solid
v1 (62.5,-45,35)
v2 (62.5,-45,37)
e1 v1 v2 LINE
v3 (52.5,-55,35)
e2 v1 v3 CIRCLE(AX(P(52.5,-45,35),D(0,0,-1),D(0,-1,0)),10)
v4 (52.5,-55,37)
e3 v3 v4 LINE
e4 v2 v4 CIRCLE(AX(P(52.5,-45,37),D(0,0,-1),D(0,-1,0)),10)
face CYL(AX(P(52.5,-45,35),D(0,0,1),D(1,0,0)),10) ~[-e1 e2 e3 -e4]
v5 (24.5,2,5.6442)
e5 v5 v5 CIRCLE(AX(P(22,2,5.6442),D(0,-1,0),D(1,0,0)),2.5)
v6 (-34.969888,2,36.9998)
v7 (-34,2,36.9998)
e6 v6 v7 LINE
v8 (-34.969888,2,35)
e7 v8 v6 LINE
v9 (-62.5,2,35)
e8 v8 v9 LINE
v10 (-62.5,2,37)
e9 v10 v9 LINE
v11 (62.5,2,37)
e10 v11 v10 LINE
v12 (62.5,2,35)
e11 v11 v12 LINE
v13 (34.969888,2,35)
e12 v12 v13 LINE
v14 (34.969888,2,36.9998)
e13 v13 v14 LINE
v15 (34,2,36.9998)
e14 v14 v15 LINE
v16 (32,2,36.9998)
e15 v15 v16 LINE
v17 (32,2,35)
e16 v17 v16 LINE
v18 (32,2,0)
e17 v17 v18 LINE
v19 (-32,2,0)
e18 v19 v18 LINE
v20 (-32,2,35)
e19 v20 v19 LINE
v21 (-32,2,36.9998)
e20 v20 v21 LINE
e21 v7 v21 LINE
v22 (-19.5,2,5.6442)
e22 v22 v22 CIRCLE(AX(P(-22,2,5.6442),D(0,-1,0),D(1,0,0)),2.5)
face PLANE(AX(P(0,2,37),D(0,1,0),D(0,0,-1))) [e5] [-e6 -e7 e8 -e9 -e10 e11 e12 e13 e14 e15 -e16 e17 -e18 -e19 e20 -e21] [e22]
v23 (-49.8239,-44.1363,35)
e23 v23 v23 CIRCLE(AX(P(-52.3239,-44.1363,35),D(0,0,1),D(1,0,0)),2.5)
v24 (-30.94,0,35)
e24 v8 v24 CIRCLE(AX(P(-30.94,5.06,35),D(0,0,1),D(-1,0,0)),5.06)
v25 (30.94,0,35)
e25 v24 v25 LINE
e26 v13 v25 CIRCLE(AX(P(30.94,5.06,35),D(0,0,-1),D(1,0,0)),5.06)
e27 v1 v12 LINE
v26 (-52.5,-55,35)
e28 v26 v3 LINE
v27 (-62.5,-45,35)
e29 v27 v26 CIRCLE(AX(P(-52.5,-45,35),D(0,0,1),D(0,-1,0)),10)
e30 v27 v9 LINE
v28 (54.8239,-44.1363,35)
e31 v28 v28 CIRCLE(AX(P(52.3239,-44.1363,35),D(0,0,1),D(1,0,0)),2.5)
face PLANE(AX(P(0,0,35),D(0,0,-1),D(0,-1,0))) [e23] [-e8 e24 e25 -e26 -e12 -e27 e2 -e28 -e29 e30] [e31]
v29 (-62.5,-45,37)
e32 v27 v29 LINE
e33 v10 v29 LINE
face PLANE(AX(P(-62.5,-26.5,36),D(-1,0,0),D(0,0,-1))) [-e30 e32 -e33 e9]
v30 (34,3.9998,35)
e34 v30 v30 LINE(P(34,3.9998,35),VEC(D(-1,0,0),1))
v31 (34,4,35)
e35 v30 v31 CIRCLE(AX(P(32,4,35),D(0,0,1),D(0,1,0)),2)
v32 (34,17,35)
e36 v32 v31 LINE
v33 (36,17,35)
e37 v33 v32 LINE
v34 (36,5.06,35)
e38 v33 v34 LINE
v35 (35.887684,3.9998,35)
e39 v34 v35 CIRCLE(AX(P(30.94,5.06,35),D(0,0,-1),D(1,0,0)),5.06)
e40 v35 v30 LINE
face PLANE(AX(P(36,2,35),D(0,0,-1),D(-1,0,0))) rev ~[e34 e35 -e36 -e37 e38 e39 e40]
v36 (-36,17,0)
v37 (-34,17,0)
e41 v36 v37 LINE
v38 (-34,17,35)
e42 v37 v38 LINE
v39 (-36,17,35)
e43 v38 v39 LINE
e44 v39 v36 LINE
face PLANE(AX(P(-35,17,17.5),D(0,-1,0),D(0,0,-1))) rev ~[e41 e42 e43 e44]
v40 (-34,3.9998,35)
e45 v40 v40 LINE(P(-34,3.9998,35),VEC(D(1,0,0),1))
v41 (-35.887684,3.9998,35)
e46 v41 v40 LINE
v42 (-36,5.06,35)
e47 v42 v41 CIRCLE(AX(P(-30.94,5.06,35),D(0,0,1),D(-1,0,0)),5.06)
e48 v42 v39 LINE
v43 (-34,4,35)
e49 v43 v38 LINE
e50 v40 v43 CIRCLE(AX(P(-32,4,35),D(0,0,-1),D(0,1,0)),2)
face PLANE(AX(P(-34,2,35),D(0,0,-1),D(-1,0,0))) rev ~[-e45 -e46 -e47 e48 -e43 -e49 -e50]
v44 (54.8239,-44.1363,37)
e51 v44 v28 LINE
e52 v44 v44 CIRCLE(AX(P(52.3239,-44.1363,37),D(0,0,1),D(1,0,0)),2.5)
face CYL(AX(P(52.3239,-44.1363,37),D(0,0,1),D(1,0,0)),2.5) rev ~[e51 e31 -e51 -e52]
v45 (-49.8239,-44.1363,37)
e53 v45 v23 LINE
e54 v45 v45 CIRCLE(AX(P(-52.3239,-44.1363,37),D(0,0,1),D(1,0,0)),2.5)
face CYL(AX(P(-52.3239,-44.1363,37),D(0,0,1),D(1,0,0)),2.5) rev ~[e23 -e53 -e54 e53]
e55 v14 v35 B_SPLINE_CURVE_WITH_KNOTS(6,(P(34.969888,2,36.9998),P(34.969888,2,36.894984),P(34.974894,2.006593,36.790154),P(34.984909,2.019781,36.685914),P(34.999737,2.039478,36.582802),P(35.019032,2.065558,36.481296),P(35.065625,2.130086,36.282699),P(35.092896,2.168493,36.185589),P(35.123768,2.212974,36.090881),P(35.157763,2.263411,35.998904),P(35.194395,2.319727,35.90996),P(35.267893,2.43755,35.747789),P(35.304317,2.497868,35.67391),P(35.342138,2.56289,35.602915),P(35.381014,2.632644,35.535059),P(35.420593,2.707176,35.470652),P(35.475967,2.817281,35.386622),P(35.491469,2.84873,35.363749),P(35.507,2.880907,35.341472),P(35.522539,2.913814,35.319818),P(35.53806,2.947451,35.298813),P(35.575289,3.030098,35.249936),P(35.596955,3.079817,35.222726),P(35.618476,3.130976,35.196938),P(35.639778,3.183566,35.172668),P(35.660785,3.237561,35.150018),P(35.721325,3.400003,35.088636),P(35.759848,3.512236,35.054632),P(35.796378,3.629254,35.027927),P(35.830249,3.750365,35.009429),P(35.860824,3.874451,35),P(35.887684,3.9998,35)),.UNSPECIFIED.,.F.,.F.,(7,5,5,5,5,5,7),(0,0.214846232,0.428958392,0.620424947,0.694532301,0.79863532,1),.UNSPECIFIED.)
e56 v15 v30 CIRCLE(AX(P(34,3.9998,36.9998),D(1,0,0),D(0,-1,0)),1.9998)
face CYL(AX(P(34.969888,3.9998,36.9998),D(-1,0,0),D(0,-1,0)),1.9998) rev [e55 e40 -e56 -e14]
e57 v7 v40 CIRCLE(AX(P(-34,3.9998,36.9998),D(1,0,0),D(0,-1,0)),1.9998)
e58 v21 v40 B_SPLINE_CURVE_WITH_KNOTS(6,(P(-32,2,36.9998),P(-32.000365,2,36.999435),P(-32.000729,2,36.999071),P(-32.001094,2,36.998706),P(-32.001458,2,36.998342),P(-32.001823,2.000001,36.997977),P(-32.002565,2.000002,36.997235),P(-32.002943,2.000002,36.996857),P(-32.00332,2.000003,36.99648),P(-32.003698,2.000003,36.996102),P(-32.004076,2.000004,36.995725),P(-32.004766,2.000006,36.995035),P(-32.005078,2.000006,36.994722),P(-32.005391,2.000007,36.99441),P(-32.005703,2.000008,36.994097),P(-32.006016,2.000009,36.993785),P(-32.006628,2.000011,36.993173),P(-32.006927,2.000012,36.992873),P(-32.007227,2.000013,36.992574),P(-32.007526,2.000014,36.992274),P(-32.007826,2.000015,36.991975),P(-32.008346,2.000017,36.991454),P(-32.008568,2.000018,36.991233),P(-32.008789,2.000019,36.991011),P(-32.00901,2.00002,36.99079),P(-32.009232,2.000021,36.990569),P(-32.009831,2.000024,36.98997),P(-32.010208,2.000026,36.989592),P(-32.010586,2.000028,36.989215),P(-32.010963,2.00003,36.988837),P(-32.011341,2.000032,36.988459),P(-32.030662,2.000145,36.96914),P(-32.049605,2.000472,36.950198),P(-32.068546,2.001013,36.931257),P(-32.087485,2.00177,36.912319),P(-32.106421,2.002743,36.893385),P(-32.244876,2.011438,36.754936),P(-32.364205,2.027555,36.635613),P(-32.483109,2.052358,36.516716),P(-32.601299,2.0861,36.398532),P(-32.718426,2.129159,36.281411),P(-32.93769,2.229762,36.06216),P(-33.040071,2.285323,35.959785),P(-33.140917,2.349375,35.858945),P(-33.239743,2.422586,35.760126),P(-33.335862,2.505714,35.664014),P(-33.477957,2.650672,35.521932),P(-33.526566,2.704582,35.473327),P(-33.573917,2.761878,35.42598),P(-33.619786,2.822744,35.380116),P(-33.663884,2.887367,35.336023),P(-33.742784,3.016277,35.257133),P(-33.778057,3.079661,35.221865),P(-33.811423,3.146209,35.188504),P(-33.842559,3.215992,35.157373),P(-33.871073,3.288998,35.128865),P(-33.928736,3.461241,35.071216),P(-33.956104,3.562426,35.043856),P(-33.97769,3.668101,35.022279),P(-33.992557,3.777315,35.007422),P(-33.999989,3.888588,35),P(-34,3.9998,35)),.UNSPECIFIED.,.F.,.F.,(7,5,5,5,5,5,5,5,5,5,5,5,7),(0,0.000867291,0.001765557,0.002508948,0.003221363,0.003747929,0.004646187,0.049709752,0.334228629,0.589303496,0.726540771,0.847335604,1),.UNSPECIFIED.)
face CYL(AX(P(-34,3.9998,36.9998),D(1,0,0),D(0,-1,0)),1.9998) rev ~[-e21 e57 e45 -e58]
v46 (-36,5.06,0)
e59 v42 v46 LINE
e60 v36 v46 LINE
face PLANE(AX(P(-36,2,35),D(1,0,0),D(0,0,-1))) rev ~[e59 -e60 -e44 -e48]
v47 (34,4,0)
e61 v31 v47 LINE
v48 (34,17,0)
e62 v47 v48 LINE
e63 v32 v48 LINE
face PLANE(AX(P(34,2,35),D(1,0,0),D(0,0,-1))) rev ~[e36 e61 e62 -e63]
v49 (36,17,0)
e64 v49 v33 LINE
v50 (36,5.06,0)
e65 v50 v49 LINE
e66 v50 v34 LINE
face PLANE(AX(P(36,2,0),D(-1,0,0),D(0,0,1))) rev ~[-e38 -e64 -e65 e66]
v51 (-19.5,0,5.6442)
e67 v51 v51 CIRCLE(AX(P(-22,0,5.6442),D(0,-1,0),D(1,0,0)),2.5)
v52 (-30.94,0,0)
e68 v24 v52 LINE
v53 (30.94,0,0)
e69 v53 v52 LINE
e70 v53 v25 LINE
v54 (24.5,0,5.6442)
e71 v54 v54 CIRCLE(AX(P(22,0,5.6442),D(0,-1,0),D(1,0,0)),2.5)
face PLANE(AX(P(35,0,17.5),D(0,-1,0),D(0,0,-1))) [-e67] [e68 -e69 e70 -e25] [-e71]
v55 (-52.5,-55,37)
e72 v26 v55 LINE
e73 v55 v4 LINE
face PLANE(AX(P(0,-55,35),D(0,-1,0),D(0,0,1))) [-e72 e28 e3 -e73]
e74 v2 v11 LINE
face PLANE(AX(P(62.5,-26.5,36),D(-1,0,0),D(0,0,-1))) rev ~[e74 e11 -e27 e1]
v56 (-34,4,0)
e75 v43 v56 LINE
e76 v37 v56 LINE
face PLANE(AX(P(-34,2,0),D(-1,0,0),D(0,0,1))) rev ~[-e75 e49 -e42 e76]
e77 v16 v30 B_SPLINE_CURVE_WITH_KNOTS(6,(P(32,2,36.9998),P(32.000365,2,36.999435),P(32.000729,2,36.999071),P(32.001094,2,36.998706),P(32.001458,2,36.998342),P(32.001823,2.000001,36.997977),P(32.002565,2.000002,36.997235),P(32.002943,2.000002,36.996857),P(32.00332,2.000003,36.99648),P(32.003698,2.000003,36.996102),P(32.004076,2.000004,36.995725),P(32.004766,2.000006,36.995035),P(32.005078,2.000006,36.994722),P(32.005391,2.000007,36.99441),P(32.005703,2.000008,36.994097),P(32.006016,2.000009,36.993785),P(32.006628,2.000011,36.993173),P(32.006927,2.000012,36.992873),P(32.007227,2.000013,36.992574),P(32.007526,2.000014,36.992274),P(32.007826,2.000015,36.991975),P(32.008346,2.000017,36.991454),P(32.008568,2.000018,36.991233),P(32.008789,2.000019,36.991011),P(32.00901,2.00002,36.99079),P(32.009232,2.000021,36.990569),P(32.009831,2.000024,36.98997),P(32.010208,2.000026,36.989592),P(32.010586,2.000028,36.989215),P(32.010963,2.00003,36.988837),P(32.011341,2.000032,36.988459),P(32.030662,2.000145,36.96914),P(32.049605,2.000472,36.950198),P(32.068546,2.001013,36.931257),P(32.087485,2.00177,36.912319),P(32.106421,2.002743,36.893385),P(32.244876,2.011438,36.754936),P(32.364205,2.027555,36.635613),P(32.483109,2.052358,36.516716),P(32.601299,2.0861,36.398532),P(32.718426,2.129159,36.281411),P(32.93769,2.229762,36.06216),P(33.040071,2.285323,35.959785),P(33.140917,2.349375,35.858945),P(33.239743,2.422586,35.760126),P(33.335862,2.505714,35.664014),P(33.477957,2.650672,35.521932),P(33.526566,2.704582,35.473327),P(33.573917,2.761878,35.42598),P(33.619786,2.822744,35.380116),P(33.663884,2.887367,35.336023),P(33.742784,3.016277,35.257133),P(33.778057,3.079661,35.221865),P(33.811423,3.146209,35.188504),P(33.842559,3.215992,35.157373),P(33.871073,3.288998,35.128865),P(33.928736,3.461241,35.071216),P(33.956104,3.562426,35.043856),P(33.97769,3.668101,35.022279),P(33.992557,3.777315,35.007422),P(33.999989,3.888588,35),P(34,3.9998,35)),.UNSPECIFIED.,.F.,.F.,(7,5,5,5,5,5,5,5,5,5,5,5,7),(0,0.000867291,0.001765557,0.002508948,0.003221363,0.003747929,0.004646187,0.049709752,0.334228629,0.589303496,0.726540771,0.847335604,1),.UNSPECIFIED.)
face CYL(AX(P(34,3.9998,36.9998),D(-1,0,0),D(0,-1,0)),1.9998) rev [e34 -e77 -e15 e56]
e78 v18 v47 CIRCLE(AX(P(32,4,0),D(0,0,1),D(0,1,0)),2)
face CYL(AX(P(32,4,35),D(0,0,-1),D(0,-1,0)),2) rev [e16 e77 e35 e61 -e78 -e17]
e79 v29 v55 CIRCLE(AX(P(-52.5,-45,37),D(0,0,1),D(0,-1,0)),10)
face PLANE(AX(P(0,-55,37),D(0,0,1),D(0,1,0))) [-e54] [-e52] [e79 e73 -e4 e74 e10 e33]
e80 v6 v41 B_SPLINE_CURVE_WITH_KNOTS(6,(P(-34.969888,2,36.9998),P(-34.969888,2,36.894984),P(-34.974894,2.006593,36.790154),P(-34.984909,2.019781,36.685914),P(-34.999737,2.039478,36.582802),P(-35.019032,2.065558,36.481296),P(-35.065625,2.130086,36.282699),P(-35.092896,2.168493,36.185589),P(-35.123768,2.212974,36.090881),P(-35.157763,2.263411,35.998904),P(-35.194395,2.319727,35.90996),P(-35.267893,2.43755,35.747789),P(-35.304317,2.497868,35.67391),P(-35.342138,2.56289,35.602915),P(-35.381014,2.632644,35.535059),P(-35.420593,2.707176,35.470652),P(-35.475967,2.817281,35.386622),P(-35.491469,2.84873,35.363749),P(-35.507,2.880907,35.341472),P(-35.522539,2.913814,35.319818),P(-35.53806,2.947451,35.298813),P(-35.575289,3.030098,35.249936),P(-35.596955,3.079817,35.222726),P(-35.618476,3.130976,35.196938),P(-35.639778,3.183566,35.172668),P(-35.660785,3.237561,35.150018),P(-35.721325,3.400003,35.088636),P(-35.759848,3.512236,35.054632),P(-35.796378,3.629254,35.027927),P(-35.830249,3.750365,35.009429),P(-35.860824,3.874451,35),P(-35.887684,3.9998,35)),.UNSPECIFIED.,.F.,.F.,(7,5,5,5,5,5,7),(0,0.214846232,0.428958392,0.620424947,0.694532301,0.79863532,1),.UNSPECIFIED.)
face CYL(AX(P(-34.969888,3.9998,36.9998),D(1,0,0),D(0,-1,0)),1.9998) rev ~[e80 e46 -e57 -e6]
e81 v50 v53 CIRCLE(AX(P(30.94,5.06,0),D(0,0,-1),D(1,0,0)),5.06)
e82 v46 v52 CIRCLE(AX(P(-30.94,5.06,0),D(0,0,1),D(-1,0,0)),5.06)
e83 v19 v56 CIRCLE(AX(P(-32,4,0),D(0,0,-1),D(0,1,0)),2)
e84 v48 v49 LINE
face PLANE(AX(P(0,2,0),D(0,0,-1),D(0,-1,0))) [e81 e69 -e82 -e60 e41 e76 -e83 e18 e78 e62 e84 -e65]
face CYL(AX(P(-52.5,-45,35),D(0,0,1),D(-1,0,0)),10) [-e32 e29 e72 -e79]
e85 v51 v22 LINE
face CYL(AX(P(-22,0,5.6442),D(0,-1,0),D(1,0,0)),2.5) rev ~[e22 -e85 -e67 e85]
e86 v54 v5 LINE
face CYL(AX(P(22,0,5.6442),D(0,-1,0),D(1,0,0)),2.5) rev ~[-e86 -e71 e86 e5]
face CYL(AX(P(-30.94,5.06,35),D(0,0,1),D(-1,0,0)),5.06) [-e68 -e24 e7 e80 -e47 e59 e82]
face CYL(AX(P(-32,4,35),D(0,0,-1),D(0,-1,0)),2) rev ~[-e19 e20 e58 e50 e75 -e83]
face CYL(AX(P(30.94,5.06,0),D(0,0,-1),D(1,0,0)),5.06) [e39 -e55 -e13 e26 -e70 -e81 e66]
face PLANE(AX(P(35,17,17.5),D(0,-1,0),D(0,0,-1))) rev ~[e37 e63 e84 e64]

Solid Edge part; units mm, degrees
sketch "Sketch1" plane through (0, 0, 0) normal (1, 0, 0) x (0, 1, 0)
  line L0 (0, 0) -> (0, 35)
  line L1 (0, 35) -> (2, 35)
  line L2 (2, 35) -> (2, 0)
  line L3 (2, 0) -> (0, 0)
extrude "Protrusion1" add sketch "Sketch1" along normal mid plane 68
sketch "Sketch2" plane through (0, 0, 0) normal (1, 0, 0) x (0, 1, 0)
  line L0 (-55, 37) -> (0, 37)
  line L1 (2, 37) -> (0, 37)
  line L2 (2, 37) -> (2, 35)
  line L3 (0, 35) -> (2, 35)
  line L4 (0, 35) -> (-55, 35)
  line L5 (-55, 35) -> (-55, 37)
extrude "ExtrudedProtrusion_2" add sketch "Sketch2" along normal mid plane 125
sketch "Sketch3" plane through (0, -26.5, 37) normal (0, 0, 1) x (1, 0, 0)
  circle A0 centre (-52.3239, -17.6363) radius 2.5
  circle A1 centre (52.3239, -17.6363) radius 2.5
extrude "ExtrudedCutout_1" cut sketch "Sketch3" against normal blind 8.7921
sketch "Sketch4" plane through (0, 0, 17.5) normal (0, -1, 0) x (1, 0, 0)
  circle A0 centre (-22, -11.8558) radius 2.5
  circle A1 centre (22, -11.8558) radius 2.5
extrude "ExtrudedCutout_2" cut sketch "Sketch4" against normal blind 47.6347
sketch "Sketch5" plane through (0, 2, 18.5) normal (0, 1, 0) x (-1, 0, 0)
  line L0 (-36, -18.5) -> (-36, 16.5)
  line L1 (-36, 16.5) -> (-34, 16.5)
  line L2 (-34, 16.5) -> (-34, -18.5)
  line L3 (-34, -18.5) -> (-36, -18.5)
  line L4 (36, 16.5) -> (36, -18.5)
  line L5 (36, -18.5) -> (34, -18.5)
  line L6 (34, -18.5) -> (34, 16.5)
  line L7 (34, 16.5) -> (36, 16.5)
extrude "ExtrudedProtrusion_3" add sketch "Sketch5" against normal up to vertex (2 mm away) and the other way blind 15
fillet "Round_1" radius 5.06 2 edges at (36, 0, 17.5) (-36, 0, 17.5)
fillet "Round_2" radius 2 1 edges at (34, 2, 17.5)
fillet "Round_3" radius 2 1 edges at (-34, 2, 17.5)
fillet "Round_5" radius 2 2 edges at (33.4849, 2, 35) (-33.4849, 2, 35)
fillet "Round_6" radius 10 2 edges at (-62.5, -55, 36) (62.5, -55, 36)
